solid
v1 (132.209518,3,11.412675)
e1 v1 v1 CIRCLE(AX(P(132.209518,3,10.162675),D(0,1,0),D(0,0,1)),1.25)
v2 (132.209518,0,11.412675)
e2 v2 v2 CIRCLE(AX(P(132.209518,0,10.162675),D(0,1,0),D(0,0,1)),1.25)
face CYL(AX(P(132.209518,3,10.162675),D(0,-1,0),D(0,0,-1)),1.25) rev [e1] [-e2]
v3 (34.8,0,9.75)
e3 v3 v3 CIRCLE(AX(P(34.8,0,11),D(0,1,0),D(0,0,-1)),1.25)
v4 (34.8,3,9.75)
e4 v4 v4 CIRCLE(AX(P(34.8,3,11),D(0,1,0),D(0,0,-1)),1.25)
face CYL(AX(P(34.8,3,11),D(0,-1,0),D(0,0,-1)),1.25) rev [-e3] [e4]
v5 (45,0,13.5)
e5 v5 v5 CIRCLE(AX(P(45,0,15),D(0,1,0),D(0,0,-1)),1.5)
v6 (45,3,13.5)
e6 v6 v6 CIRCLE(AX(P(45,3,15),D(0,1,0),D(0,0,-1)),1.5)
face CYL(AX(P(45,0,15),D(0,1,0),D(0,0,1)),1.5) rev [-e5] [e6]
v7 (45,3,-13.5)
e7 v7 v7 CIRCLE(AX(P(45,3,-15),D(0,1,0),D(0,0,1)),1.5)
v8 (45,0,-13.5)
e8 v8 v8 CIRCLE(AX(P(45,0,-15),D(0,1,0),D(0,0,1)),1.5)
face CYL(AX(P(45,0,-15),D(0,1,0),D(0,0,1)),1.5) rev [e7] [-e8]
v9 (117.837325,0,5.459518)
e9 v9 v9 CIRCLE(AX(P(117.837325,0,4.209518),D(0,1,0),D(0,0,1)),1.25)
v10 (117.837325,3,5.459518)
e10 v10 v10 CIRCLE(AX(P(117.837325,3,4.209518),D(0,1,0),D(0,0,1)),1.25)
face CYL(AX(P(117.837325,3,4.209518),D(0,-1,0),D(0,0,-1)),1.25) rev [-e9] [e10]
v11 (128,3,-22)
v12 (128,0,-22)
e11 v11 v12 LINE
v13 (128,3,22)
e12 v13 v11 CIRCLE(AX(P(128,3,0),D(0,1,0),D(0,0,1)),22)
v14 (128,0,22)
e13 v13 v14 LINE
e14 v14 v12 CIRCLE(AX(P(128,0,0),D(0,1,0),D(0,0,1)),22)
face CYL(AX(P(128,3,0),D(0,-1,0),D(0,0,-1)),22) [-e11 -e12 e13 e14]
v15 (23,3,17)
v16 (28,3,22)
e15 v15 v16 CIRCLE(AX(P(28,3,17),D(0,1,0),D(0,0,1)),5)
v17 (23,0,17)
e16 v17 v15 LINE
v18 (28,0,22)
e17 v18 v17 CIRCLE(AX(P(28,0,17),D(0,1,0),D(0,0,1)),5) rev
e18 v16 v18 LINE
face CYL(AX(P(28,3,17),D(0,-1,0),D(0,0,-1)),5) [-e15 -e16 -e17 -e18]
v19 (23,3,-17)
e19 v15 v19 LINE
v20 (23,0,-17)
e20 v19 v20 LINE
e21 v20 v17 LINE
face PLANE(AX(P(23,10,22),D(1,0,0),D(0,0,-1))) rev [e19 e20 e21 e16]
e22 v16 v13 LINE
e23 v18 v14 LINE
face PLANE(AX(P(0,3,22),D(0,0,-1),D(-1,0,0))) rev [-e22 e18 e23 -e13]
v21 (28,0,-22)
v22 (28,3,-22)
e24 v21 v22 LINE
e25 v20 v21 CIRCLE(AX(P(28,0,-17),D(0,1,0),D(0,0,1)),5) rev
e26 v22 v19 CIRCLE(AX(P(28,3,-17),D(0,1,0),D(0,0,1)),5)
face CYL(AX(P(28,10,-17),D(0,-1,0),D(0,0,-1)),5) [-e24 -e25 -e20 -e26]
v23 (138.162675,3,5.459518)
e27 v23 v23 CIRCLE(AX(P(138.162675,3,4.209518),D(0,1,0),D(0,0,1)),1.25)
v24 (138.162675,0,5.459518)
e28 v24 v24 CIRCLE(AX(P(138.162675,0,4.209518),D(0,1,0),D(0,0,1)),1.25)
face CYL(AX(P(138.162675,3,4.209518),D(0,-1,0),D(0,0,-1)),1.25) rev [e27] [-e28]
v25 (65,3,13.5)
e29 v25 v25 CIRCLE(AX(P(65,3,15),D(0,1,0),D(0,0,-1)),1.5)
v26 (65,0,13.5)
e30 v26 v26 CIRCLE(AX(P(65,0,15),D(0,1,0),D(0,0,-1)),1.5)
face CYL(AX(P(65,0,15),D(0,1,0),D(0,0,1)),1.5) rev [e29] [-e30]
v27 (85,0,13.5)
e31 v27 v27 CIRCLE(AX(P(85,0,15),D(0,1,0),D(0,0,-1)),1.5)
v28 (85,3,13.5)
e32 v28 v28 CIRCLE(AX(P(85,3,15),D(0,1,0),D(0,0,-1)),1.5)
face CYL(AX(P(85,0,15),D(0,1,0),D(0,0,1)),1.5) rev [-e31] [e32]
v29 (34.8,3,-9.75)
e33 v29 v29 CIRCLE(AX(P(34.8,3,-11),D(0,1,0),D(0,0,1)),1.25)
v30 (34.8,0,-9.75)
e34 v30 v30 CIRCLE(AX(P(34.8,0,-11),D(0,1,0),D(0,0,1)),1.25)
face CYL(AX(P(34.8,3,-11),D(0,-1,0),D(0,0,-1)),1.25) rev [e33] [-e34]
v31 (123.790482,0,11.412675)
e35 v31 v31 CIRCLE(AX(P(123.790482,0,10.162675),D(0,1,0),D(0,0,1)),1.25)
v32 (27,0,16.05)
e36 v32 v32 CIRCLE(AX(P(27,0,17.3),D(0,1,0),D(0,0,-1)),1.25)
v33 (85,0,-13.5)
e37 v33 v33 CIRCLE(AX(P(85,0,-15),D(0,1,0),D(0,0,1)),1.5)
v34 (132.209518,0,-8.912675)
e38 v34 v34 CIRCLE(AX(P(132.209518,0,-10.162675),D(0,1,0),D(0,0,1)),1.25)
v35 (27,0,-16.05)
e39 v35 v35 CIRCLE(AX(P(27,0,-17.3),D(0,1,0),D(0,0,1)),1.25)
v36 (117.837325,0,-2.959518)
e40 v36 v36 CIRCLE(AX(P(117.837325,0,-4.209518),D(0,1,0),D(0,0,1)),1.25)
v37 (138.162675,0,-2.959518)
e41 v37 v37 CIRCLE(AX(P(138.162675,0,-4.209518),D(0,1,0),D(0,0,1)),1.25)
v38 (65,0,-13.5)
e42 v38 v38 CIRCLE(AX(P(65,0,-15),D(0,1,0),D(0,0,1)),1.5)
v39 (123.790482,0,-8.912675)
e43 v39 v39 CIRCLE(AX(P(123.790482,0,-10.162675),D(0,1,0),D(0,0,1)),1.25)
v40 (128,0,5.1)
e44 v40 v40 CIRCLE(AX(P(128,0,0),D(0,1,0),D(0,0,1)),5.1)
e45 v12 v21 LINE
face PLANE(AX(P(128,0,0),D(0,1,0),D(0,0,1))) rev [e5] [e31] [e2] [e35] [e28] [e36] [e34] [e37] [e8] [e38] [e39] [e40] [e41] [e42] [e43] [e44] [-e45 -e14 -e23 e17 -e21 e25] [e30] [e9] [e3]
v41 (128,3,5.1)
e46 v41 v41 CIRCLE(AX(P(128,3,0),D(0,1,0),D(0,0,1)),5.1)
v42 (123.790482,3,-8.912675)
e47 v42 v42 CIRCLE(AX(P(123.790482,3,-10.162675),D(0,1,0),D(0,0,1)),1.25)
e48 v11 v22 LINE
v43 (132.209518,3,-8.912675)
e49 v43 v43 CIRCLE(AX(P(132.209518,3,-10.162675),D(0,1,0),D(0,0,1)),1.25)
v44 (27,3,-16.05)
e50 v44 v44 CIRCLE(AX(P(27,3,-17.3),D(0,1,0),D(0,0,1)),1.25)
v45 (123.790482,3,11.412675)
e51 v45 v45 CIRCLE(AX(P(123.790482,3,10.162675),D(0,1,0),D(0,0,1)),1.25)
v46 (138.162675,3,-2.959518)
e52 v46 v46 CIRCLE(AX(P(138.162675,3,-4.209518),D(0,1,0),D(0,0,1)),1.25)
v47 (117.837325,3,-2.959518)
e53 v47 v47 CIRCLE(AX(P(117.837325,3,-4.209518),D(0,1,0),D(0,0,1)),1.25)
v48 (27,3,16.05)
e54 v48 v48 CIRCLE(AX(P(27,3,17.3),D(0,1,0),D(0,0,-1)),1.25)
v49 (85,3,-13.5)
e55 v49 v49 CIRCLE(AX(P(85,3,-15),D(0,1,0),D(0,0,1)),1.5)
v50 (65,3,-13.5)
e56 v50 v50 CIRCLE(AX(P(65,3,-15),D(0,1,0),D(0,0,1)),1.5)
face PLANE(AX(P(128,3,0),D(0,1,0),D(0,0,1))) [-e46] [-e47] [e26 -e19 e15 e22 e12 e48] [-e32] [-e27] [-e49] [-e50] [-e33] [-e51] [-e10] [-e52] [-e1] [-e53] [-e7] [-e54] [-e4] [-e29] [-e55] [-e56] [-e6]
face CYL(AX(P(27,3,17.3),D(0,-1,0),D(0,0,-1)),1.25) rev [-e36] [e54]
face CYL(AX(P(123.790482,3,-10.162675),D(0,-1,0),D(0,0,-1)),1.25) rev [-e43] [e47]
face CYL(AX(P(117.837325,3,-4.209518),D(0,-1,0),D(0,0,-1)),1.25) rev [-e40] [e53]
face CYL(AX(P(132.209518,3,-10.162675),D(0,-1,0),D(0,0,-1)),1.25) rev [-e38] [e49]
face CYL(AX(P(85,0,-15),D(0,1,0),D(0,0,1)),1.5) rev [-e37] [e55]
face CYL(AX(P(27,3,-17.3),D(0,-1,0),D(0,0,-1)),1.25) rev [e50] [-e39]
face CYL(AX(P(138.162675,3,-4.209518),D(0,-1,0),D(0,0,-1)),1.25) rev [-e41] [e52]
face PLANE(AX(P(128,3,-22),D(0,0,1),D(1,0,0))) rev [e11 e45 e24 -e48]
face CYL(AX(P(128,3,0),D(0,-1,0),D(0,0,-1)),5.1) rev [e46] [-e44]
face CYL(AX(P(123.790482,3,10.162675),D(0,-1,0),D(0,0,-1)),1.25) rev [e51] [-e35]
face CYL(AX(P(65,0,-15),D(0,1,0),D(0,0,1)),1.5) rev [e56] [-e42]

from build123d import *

# Parameters (mm, degrees)
SKETCH1_R           = 5.1
SKETCH1_R_2         = 1.25
BOSS_EXTRUDE1_DEPTH = 3
FILLET1_R           = 1.5
SKETCH3_R           = 1.5
CUT_EXTRUDE2_DEPTH  = 3
SKETCH4_W           = 33.045580095
SKETCH4_H           = 44
CUT_EXTRUDE3_DEPTH  = 10
FILLET2_R           = 5


with BuildPart() as part:
    # Sketch1 → Boss-Extrude1 (new body)
    with BuildSketch(Plane(origin=(0, 0, 0), x_dir=(1, 0, 0), z_dir=(0, 1, 0))):
        with BuildLine():
            Line((128, 22), (0, 22))
            Line((0, 22), (0, 16.492422502))
            ThreePointArc((0, 16.492422502), (8, 0), (0, -16.492422502))
            Line((0, -16.492422502), (0, -22))
            Line((0, -22), (128, -22))
            ThreePointArc((128, -22), (150, 0), (128, 22))
        make_face()
        with Locations(Location((128, 0, 0), (0, 0, 270))):
            Circle(SKETCH1_R, mode=Mode.SUBTRACT)
        with Locations(Location((117.837325142, 4.209517756, 0), (0, 0, 270))):
            Circle(SKETCH1_R_2, mode=Mode.SUBTRACT)
        with Locations(Location((123.790482244, 10.162674858, 0), (0, 0, 270))):
            Circle(SKETCH1_R_2, mode=Mode.SUBTRACT)
        with Locations(Location((132.209517756, 10.162674858, 0), (0, 0, 270))):
            Circle(SKETCH1_R_2, mode=Mode.SUBTRACT)
        with Locations(Location((138.162674858, 4.209517756, 0), (0, 0, 270))):
            Circle(SKETCH1_R_2, mode=Mode.SUBTRACT)
        with Locations(Location((138.162674858, -4.209517756, 0), (0, 0, 270))):
            Circle(SKETCH1_R_2, mode=Mode.SUBTRACT)
        with Locations(Location((132.209517756, -10.162674858, 0), (0, 0, 270))):
            Circle(SKETCH1_R_2, mode=Mode.SUBTRACT)
        with Locations(Location((5, 17.3, 0), (0, 0, 270))):
            Circle(SKETCH1_R_2, mode=Mode.SUBTRACT)
        with Locations(Location((27, 17.3, 0), (0, 0, 270))):
            Circle(SKETCH1_R_2, mode=Mode.SUBTRACT)
        with Locations(Location((27, -17.3, 0), (0, 0, 90))):
            Circle(SKETCH1_R_2, mode=Mode.SUBTRACT)
        with Locations(Location((5, -17.3, 0), (0, 0, 90))):
            Circle(SKETCH1_R_2, mode=Mode.SUBTRACT)
        with Locations(Location((123.790482244, -10.162674858, 0), (0, 0, 270))):
            Circle(SKETCH1_R_2, mode=Mode.SUBTRACT)
        with Locations(Location((117.837325142, -4.209517756, 0), (0, 0, 270))):
            Circle(SKETCH1_R_2, mode=Mode.SUBTRACT)
        with Locations(Location((34.8, 11, 0), (0, 0, 270))):
            Circle(SKETCH1_R_2, mode=Mode.SUBTRACT)
        with Locations(Location((34.8, -11, 0), (0, 0, 90))):
            Circle(SKETCH1_R_2, mode=Mode.SUBTRACT)
    extrude(amount=BOSS_EXTRUDE1_DEPTH)

    # Fillet1
    fillet1_edges = [part.edges().sort_by_distance(p)[0] for p in [
        (0, 1.5, 16.492422502),
        (0, 1.5, -16.492422502),
        (0, 1.5, -22),
        (0, 1.5, 22),
    ]]
    fillet(fillet1_edges, radius=FILLET1_R)

    # Sketch3 → Cut-Extrude2 (cut)
    with BuildSketch(Plane(origin=(0, 3, 0), x_dir=(1, 0, 0), z_dir=(0, 1, 0))):
        with Locations(Location((45, 15, 0), (0, 0, 270))):
            Circle(SKETCH3_R)
        with Locations(Location((65, 15, 0), (0, 0, 270))):
            Circle(SKETCH3_R)
        with Locations(Location((85, 15, 0), (0, 0, 270))):
            Circle(SKETCH3_R)
        with Locations(Location((85, -15, 0), (0, 0, 90))):
            Circle(SKETCH3_R)
        with Locations(Location((65, -15, 0), (0, 0, 90))):
            Circle(SKETCH3_R)
        with Locations(Location((45, -15, 0), (0, 0, 90))):
            Circle(SKETCH3_R)
    extrude(amount=-CUT_EXTRUDE2_DEPTH, mode=Mode.SUBTRACT)

    # Sketch4 → Cut-Extrude3 (cut)
    with BuildSketch(Plane.XZ):
        with Locations((6.477209952, 0)):
            Rectangle(SKETCH4_W, SKETCH4_H)
    extrude(amount=-CUT_EXTRUDE3_DEPTH, mode=Mode.SUBTRACT)

    # Fillet2
    fillet2_edges = [part.edges().sort_by_distance(p)[0] for p in [
        (23, 1.5, 22),
        (23, 1.5, -22),
    ]]
    fillet(fillet2_edges, radius=FILLET2_R)


solid = part.part
